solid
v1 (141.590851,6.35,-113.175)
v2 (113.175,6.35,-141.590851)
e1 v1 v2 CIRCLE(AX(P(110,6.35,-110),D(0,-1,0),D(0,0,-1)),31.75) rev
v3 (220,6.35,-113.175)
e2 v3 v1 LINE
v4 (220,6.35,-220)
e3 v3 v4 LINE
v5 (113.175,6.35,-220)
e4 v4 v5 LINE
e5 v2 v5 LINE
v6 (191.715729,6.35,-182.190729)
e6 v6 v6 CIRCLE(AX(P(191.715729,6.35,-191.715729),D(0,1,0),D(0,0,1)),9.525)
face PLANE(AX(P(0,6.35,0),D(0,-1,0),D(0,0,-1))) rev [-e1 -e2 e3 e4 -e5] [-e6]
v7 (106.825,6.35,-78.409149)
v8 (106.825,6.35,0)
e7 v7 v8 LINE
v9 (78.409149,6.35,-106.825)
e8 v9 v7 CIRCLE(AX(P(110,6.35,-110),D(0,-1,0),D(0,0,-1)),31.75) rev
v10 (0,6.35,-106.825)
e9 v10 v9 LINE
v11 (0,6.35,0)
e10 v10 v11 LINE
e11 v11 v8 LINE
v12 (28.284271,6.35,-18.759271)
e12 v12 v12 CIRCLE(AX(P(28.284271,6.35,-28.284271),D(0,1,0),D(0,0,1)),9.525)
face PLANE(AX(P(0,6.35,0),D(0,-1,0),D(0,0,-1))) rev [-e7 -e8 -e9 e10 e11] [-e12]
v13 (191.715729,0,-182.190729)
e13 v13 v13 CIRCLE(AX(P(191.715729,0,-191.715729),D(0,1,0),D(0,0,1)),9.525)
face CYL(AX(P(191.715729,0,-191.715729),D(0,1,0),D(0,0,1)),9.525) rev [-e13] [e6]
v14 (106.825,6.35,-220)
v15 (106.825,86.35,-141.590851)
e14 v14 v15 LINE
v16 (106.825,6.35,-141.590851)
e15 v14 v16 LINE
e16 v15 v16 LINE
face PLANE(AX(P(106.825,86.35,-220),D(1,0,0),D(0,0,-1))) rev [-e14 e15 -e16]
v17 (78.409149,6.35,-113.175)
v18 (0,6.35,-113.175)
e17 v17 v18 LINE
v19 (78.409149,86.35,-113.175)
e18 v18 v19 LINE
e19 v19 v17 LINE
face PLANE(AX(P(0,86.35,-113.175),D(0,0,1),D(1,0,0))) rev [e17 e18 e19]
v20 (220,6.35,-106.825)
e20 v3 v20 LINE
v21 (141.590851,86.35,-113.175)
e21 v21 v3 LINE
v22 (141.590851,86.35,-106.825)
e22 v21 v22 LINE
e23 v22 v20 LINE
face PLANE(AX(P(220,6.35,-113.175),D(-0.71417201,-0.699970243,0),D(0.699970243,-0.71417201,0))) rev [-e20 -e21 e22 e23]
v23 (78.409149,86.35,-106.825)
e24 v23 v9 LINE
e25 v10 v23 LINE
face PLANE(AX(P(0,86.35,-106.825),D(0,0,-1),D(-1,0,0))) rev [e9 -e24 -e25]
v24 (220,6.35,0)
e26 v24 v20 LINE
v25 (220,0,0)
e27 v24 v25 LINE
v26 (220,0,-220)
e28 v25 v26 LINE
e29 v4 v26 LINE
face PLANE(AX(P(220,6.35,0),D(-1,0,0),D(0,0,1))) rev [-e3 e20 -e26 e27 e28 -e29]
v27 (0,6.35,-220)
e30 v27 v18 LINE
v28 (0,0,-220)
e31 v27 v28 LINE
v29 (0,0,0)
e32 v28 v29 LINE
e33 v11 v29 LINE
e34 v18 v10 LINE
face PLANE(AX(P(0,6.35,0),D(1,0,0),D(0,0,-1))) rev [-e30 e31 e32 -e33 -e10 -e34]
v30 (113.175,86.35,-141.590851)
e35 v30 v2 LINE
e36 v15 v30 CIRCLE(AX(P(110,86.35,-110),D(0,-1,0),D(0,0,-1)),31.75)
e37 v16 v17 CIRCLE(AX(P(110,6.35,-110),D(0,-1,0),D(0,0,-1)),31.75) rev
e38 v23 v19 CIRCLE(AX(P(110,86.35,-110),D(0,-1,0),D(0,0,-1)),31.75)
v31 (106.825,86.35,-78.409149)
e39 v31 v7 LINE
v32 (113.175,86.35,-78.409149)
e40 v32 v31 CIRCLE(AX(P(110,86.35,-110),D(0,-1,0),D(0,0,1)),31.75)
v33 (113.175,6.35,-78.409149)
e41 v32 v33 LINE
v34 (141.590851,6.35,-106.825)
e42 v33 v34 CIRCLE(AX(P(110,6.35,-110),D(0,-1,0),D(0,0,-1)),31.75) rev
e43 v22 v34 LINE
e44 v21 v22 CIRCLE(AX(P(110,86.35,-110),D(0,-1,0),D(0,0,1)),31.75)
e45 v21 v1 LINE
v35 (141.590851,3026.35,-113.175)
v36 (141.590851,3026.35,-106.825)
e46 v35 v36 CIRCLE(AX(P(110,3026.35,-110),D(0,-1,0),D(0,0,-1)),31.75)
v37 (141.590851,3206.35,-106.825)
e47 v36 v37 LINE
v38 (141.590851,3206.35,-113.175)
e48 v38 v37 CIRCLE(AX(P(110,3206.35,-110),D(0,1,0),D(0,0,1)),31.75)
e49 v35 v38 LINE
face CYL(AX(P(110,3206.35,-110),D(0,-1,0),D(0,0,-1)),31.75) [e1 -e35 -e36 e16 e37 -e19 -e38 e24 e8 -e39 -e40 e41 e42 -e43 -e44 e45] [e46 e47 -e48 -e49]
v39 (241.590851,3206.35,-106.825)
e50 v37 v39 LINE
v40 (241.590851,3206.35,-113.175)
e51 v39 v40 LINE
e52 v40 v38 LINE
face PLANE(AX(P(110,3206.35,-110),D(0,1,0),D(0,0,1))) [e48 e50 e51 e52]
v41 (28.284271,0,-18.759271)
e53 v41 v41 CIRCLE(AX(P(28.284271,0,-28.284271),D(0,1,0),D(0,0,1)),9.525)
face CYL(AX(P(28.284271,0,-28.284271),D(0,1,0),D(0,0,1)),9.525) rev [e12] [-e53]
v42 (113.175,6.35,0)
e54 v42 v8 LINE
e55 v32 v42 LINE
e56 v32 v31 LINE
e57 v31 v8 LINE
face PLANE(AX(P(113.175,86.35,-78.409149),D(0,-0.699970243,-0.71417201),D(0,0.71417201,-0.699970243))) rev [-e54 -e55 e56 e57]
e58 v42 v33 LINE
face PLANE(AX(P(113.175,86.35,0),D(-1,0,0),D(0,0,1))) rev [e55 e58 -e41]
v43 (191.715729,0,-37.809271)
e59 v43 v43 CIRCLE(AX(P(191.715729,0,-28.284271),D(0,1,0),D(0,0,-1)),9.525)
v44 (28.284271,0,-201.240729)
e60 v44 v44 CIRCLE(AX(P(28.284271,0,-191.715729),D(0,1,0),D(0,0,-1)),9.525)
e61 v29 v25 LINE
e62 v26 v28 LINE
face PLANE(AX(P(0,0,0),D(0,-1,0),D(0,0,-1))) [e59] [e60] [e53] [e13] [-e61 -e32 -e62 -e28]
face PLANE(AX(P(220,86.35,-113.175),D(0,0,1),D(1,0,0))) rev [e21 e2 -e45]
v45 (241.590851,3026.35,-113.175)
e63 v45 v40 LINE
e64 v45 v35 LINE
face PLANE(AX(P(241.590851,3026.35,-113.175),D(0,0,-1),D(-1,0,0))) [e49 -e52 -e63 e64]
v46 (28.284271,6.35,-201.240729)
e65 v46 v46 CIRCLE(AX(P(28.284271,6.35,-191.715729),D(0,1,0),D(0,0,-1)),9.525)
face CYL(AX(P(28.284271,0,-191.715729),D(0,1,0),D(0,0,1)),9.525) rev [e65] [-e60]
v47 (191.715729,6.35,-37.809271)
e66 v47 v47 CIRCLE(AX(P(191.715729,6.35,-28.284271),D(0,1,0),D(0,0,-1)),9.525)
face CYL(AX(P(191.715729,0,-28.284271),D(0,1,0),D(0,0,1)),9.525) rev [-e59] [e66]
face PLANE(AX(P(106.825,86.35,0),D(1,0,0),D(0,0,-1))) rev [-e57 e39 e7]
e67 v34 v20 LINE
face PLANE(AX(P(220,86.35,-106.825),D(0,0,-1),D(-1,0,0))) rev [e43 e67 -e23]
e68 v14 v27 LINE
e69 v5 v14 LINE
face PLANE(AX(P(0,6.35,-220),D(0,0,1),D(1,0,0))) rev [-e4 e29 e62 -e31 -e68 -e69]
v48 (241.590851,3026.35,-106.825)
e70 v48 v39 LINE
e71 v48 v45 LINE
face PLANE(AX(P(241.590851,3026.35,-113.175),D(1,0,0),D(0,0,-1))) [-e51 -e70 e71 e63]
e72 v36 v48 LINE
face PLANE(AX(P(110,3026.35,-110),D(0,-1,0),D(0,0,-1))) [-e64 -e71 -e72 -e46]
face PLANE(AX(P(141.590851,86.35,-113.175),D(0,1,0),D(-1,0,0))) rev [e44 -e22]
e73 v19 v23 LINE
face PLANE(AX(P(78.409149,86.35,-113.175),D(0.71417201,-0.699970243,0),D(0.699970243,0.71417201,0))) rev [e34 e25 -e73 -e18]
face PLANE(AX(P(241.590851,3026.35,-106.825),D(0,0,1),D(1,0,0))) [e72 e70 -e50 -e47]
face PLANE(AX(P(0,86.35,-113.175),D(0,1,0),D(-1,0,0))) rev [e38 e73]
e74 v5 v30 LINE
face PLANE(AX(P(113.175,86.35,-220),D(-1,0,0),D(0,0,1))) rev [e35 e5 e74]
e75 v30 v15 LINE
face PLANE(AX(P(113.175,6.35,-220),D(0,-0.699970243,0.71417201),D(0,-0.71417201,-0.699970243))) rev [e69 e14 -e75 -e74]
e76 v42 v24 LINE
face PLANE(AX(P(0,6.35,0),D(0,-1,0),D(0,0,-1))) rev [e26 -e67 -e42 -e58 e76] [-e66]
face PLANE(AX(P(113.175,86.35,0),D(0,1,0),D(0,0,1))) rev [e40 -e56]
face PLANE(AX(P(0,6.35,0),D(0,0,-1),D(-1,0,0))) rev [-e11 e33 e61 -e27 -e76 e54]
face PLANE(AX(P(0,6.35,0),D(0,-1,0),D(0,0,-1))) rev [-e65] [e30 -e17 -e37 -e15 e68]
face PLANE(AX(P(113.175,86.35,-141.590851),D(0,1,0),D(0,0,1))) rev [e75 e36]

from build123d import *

# Parameters (mm, degrees)
CROQUIS1_W              = 220
CROQUIS1_H              = 220
SALIENTE_EXTRUIR1_DEPTH = 6.35
CROQUIS2_R              = 31.75
SALIENTE_EXTRUIR2_DEPTH = 3200
SALIENTE_EXTRUIR3_DEPTH = 80
CORTAR_EXTRUIR1_DEPTH   = 6.35
CORTAR_EXTRUIR2_DEPTH   = 6.35
CROQUIS6_R              = 9.525
CORTAR_EXTRUIR3_DEPTH   = 6.35
SALIENTE_EXTRUIR4_START = -180
SALIENTE_EXTRUIR4_DEPTH = 180


with BuildPart() as part:
    # Croquis1 → Saliente-Extruir1 (new body)
    with BuildSketch(Plane(origin=(0, 0, 0), x_dir=(1, 0, 0), z_dir=(0, 1, 0))):
        with Locations((110, 110)):
            Rectangle(CROQUIS1_W, CROQUIS1_H)
    extrude(amount=SALIENTE_EXTRUIR1_DEPTH)

    # Croquis2 → Saliente-Extruir2 (add)
    with BuildSketch(Plane(origin=(0, 6.35, 0), x_dir=(1, 0, 0), z_dir=(0, 1, 0))):
        with Locations(Location((110, 110, 0), (0, 0, 90))):
            Circle(CROQUIS2_R)
    extrude(amount=SALIENTE_EXTRUIR2_DEPTH)

    # Croquis3 → Saliente-Extruir3 (add)
    with BuildSketch(Plane(origin=(0, 6.35, 0), x_dir=(1, 0, 0), z_dir=(0, 1, 0))):
        with BuildLine():
            Line((0, 113.175), (78.409148872, 113.175))
            ThreePointArc((78.409148872, 113.175), (78.25, 110), (78.409148872, 106.825))
            Line((78.409148872, 106.825), (0, 106.825))
            Line((0, 106.825), (0, 113.175))
        make_face()
        with BuildLine():
            Line((106.825, 220), (106.825, 141.590851128))
            ThreePointArc((106.825, 141.590851128), (110, 141.75), (113.175, 141.590851128))
            Line((113.175, 141.590851128), (113.175, 220))
            Line((113.175, 220), (106.825, 220))
        make_face()
        with BuildLine():
            Line((106.825, 0), (113.175, 0))
            Line((113.175, 0), (113.175, 78.409148872))
            ThreePointArc((113.175, 78.409148872), (110, 78.25), (106.825, 78.409148872))
            Line((106.825, 78.409148872), (106.825, 0))
        make_face()
        with BuildLine():
            Line((220, 106.825), (220, 113.175))
            Line((220, 113.175), (141.590851128, 113.175))
            ThreePointArc((141.590851128, 113.175), (141.75, 110), (141.590851128, 106.825))
            Line((141.590851128, 106.825), (220, 106.825))
        make_face()
    extrude(amount=SALIENTE_EXTRUIR3_DEPTH)

    # Croquis4 → Cortar-Extruir1 (cut)
    with BuildSketch(Plane.XY.offset(-106.825)):
        Polygon((78.409148872, 86.35), (0, 6.35), (0, 86.35), align=None)
        Polygon((141.590851128, 86.35), (220, 86.35), (220, 6.35), align=None)
    extrude(amount=-CORTAR_EXTRUIR1_DEPTH, mode=Mode.SUBTRACT)

    # Croquis5 → Cortar-Extruir2 (cut)
    with BuildSketch(Plane.ZY.offset(-106.825)):
        Polygon((-220, 6.35), (-141.590851128, 86.35), (-220, 86.35), align=None)
        Polygon((-78.409148872, 86.35), (0, 6.35), (0, 86.35), align=None)
    extrude(amount=-CORTAR_EXTRUIR2_DEPTH, mode=Mode.SUBTRACT)

    # Croquis6 → Cortar-Extruir3 (cut)
    with BuildSketch(Plane(origin=(0, 6.35, 0), x_dir=(1, 0, 0), z_dir=(0, 1, 0))):
        with Locations(Location((191.715728753, 191.715728753, 0), (0, 0, 270))):
            Circle(CROQUIS6_R)
        with Locations(Location((191.715728753, 28.284271247, 0), (0, 0, 90))):
            Circle(CROQUIS6_R)
        with Locations(Location((28.284271247, 28.284271247, 0), (0, 0, 270))):
            Circle(CROQUIS6_R)
        with Locations(Location((28.284271247, 191.715728753, 0), (0, 0, 90))):
            Circle(CROQUIS6_R)
    extrude(amount=-CORTAR_EXTRUIR3_DEPTH, mode=Mode.SUBTRACT)

    # Croquis7 → Saliente-Extruir4 (add)
    with BuildSketch(Plane(origin=(0, 3206.35, 0), x_dir=(1, 0, 0), z_dir=(0, 1, 0)).offset(SALIENTE_EXTRUIR4_START)):
        with BuildLine():
            Line((241.590851128, 113.175), (141.590851128, 113.175))
            ThreePointArc((141.590851128, 113.175), (141.75, 110), (141.590851128, 106.825))
            Line((141.590851128, 106.825), (241.590851128, 106.825))
            Line((241.590851128, 106.825), (241.590851128, 113.175))
        make_face()
    extrude(amount=SALIENTE_EXTRUIR4_DEPTH)


solid = part.part
